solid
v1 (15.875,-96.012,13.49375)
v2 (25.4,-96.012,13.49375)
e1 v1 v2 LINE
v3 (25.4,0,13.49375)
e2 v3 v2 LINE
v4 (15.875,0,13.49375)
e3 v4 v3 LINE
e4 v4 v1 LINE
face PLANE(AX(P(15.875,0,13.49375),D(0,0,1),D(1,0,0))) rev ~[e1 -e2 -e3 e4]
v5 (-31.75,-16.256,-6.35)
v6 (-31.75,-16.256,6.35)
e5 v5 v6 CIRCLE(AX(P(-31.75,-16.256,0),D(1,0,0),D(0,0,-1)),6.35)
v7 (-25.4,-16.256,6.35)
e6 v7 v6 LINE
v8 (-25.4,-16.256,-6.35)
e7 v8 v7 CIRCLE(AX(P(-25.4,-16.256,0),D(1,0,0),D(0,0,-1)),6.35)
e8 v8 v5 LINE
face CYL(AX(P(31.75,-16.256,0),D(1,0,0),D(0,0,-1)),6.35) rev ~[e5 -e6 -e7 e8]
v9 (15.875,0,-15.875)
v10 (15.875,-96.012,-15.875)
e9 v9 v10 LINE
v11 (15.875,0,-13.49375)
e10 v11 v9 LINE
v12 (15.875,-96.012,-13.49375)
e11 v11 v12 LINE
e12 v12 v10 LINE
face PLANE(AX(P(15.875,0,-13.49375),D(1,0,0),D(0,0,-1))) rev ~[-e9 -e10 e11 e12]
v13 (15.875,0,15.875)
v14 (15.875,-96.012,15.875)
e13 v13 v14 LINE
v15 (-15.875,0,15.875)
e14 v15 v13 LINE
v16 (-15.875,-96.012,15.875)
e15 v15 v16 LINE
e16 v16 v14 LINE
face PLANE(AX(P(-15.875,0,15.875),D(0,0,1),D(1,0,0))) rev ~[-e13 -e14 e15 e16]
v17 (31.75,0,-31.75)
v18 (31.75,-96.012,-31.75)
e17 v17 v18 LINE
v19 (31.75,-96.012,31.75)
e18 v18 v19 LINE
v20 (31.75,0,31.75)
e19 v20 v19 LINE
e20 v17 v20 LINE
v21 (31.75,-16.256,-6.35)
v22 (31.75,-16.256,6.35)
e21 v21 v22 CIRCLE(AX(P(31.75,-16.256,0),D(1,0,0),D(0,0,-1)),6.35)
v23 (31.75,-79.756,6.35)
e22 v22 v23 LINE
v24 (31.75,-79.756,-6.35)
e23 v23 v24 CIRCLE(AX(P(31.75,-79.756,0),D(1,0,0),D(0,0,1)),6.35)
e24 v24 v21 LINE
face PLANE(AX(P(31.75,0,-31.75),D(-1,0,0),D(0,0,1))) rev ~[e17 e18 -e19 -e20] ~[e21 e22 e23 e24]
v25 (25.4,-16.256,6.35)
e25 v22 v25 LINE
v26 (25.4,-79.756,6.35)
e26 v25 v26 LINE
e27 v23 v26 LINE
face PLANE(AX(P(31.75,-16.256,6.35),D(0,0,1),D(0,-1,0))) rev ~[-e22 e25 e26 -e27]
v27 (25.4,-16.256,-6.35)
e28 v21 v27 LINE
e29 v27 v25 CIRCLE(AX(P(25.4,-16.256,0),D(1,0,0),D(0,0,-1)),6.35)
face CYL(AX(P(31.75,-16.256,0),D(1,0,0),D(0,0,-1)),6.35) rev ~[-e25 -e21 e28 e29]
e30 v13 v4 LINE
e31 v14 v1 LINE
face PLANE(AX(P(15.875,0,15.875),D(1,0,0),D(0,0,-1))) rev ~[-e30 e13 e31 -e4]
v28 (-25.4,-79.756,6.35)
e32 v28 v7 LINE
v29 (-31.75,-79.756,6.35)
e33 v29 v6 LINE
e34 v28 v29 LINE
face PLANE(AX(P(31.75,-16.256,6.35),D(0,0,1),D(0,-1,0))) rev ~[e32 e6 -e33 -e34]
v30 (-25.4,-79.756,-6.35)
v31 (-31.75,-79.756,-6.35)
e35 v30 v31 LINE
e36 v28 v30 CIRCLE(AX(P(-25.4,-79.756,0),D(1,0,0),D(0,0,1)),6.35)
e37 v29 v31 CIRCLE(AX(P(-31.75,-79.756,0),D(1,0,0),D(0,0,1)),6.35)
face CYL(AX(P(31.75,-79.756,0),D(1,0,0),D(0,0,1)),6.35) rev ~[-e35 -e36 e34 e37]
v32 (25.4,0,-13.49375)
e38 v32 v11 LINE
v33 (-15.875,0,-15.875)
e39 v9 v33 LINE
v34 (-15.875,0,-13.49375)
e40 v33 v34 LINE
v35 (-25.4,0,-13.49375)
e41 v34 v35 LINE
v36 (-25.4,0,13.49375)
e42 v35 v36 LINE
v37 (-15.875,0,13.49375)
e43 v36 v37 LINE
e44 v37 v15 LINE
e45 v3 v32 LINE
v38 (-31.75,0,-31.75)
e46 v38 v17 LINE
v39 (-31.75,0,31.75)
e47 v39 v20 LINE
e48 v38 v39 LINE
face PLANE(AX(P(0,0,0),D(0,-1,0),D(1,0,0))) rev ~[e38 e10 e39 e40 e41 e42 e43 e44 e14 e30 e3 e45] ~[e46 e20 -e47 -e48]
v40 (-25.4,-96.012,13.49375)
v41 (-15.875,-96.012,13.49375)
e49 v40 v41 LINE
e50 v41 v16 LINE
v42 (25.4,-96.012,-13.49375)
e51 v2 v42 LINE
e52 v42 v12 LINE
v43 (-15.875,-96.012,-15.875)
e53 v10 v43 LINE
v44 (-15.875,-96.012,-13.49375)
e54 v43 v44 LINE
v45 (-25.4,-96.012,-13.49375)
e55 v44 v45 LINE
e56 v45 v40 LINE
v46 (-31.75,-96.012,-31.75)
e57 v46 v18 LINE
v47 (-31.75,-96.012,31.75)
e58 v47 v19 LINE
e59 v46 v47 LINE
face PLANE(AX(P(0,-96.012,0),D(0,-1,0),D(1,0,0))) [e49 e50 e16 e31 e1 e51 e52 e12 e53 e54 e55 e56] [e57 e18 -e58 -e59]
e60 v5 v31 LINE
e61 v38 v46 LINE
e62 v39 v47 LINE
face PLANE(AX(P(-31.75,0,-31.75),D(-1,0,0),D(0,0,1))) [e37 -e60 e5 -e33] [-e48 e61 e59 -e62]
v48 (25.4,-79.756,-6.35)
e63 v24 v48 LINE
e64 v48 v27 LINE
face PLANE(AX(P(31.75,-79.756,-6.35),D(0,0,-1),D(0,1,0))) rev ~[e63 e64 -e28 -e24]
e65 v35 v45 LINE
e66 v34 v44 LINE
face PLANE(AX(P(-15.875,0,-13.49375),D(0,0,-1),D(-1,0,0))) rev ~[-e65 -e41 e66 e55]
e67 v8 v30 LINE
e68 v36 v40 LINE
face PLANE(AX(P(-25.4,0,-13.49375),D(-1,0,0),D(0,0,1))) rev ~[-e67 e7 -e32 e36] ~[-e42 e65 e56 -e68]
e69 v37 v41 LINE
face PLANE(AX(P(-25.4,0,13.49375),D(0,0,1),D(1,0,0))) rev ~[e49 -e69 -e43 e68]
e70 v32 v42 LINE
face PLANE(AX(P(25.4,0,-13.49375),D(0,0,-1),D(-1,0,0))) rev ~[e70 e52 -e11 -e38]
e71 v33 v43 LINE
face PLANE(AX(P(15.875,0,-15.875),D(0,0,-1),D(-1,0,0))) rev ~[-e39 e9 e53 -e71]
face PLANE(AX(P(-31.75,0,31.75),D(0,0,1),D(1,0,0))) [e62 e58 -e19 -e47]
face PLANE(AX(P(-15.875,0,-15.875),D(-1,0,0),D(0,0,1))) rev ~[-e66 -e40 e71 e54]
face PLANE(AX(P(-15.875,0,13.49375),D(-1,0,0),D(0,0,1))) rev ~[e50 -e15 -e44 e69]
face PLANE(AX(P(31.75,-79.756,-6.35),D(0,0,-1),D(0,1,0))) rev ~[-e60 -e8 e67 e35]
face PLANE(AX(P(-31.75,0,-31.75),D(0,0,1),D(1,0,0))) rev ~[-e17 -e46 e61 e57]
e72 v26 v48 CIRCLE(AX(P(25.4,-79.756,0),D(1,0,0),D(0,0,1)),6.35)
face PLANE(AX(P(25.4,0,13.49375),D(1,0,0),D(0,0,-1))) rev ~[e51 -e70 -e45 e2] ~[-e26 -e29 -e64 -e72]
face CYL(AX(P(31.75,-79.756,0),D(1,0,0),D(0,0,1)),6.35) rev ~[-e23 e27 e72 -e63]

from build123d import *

# Parameters (mm, degrees)
F0_W     = 63.5
F0_H     = 63.5
F1_DEPTH = 96.012
F3_DEPTH = 73.914


with BuildPart() as f1:
    # F0 (on Front) → F1 (new body)
    with BuildSketch(Plane.XZ):
        Rectangle(F0_W, F0_H)
        Polygon((-15.875, 15.875), (15.875, 15.875), (15.875, 13.49375), (25.4, 13.49375), (25.4, -13.49375), (15.875, -13.49375), (15.875, -15.875), (-15.875, -15.875), (-15.875, -13.49375), (-25.4, -13.49375), (-25.4, 13.49375), (-15.875, 13.49375), align=None, mode=Mode.SUBTRACT)
    extrude(amount=F1_DEPTH)

    # F2 (on face) → F3 (cut)
    with BuildSketch(Plane.YZ.offset(31.75)):
        with BuildLine():
            ThreePointArc((-79.756, 6.35), (-86.106, 0), (-79.756, -6.35))
            Line((-79.756, -6.35), (-16.256, -6.35))
            ThreePointArc((-16.256, -6.35), (-9.906, 0), (-16.256, 6.35))
            Line((-16.256, 6.35), (-79.756, 6.35))
        make_face()
    extrude(amount=-F3_DEPTH, mode=Mode.SUBTRACT)


solid = f1.part
